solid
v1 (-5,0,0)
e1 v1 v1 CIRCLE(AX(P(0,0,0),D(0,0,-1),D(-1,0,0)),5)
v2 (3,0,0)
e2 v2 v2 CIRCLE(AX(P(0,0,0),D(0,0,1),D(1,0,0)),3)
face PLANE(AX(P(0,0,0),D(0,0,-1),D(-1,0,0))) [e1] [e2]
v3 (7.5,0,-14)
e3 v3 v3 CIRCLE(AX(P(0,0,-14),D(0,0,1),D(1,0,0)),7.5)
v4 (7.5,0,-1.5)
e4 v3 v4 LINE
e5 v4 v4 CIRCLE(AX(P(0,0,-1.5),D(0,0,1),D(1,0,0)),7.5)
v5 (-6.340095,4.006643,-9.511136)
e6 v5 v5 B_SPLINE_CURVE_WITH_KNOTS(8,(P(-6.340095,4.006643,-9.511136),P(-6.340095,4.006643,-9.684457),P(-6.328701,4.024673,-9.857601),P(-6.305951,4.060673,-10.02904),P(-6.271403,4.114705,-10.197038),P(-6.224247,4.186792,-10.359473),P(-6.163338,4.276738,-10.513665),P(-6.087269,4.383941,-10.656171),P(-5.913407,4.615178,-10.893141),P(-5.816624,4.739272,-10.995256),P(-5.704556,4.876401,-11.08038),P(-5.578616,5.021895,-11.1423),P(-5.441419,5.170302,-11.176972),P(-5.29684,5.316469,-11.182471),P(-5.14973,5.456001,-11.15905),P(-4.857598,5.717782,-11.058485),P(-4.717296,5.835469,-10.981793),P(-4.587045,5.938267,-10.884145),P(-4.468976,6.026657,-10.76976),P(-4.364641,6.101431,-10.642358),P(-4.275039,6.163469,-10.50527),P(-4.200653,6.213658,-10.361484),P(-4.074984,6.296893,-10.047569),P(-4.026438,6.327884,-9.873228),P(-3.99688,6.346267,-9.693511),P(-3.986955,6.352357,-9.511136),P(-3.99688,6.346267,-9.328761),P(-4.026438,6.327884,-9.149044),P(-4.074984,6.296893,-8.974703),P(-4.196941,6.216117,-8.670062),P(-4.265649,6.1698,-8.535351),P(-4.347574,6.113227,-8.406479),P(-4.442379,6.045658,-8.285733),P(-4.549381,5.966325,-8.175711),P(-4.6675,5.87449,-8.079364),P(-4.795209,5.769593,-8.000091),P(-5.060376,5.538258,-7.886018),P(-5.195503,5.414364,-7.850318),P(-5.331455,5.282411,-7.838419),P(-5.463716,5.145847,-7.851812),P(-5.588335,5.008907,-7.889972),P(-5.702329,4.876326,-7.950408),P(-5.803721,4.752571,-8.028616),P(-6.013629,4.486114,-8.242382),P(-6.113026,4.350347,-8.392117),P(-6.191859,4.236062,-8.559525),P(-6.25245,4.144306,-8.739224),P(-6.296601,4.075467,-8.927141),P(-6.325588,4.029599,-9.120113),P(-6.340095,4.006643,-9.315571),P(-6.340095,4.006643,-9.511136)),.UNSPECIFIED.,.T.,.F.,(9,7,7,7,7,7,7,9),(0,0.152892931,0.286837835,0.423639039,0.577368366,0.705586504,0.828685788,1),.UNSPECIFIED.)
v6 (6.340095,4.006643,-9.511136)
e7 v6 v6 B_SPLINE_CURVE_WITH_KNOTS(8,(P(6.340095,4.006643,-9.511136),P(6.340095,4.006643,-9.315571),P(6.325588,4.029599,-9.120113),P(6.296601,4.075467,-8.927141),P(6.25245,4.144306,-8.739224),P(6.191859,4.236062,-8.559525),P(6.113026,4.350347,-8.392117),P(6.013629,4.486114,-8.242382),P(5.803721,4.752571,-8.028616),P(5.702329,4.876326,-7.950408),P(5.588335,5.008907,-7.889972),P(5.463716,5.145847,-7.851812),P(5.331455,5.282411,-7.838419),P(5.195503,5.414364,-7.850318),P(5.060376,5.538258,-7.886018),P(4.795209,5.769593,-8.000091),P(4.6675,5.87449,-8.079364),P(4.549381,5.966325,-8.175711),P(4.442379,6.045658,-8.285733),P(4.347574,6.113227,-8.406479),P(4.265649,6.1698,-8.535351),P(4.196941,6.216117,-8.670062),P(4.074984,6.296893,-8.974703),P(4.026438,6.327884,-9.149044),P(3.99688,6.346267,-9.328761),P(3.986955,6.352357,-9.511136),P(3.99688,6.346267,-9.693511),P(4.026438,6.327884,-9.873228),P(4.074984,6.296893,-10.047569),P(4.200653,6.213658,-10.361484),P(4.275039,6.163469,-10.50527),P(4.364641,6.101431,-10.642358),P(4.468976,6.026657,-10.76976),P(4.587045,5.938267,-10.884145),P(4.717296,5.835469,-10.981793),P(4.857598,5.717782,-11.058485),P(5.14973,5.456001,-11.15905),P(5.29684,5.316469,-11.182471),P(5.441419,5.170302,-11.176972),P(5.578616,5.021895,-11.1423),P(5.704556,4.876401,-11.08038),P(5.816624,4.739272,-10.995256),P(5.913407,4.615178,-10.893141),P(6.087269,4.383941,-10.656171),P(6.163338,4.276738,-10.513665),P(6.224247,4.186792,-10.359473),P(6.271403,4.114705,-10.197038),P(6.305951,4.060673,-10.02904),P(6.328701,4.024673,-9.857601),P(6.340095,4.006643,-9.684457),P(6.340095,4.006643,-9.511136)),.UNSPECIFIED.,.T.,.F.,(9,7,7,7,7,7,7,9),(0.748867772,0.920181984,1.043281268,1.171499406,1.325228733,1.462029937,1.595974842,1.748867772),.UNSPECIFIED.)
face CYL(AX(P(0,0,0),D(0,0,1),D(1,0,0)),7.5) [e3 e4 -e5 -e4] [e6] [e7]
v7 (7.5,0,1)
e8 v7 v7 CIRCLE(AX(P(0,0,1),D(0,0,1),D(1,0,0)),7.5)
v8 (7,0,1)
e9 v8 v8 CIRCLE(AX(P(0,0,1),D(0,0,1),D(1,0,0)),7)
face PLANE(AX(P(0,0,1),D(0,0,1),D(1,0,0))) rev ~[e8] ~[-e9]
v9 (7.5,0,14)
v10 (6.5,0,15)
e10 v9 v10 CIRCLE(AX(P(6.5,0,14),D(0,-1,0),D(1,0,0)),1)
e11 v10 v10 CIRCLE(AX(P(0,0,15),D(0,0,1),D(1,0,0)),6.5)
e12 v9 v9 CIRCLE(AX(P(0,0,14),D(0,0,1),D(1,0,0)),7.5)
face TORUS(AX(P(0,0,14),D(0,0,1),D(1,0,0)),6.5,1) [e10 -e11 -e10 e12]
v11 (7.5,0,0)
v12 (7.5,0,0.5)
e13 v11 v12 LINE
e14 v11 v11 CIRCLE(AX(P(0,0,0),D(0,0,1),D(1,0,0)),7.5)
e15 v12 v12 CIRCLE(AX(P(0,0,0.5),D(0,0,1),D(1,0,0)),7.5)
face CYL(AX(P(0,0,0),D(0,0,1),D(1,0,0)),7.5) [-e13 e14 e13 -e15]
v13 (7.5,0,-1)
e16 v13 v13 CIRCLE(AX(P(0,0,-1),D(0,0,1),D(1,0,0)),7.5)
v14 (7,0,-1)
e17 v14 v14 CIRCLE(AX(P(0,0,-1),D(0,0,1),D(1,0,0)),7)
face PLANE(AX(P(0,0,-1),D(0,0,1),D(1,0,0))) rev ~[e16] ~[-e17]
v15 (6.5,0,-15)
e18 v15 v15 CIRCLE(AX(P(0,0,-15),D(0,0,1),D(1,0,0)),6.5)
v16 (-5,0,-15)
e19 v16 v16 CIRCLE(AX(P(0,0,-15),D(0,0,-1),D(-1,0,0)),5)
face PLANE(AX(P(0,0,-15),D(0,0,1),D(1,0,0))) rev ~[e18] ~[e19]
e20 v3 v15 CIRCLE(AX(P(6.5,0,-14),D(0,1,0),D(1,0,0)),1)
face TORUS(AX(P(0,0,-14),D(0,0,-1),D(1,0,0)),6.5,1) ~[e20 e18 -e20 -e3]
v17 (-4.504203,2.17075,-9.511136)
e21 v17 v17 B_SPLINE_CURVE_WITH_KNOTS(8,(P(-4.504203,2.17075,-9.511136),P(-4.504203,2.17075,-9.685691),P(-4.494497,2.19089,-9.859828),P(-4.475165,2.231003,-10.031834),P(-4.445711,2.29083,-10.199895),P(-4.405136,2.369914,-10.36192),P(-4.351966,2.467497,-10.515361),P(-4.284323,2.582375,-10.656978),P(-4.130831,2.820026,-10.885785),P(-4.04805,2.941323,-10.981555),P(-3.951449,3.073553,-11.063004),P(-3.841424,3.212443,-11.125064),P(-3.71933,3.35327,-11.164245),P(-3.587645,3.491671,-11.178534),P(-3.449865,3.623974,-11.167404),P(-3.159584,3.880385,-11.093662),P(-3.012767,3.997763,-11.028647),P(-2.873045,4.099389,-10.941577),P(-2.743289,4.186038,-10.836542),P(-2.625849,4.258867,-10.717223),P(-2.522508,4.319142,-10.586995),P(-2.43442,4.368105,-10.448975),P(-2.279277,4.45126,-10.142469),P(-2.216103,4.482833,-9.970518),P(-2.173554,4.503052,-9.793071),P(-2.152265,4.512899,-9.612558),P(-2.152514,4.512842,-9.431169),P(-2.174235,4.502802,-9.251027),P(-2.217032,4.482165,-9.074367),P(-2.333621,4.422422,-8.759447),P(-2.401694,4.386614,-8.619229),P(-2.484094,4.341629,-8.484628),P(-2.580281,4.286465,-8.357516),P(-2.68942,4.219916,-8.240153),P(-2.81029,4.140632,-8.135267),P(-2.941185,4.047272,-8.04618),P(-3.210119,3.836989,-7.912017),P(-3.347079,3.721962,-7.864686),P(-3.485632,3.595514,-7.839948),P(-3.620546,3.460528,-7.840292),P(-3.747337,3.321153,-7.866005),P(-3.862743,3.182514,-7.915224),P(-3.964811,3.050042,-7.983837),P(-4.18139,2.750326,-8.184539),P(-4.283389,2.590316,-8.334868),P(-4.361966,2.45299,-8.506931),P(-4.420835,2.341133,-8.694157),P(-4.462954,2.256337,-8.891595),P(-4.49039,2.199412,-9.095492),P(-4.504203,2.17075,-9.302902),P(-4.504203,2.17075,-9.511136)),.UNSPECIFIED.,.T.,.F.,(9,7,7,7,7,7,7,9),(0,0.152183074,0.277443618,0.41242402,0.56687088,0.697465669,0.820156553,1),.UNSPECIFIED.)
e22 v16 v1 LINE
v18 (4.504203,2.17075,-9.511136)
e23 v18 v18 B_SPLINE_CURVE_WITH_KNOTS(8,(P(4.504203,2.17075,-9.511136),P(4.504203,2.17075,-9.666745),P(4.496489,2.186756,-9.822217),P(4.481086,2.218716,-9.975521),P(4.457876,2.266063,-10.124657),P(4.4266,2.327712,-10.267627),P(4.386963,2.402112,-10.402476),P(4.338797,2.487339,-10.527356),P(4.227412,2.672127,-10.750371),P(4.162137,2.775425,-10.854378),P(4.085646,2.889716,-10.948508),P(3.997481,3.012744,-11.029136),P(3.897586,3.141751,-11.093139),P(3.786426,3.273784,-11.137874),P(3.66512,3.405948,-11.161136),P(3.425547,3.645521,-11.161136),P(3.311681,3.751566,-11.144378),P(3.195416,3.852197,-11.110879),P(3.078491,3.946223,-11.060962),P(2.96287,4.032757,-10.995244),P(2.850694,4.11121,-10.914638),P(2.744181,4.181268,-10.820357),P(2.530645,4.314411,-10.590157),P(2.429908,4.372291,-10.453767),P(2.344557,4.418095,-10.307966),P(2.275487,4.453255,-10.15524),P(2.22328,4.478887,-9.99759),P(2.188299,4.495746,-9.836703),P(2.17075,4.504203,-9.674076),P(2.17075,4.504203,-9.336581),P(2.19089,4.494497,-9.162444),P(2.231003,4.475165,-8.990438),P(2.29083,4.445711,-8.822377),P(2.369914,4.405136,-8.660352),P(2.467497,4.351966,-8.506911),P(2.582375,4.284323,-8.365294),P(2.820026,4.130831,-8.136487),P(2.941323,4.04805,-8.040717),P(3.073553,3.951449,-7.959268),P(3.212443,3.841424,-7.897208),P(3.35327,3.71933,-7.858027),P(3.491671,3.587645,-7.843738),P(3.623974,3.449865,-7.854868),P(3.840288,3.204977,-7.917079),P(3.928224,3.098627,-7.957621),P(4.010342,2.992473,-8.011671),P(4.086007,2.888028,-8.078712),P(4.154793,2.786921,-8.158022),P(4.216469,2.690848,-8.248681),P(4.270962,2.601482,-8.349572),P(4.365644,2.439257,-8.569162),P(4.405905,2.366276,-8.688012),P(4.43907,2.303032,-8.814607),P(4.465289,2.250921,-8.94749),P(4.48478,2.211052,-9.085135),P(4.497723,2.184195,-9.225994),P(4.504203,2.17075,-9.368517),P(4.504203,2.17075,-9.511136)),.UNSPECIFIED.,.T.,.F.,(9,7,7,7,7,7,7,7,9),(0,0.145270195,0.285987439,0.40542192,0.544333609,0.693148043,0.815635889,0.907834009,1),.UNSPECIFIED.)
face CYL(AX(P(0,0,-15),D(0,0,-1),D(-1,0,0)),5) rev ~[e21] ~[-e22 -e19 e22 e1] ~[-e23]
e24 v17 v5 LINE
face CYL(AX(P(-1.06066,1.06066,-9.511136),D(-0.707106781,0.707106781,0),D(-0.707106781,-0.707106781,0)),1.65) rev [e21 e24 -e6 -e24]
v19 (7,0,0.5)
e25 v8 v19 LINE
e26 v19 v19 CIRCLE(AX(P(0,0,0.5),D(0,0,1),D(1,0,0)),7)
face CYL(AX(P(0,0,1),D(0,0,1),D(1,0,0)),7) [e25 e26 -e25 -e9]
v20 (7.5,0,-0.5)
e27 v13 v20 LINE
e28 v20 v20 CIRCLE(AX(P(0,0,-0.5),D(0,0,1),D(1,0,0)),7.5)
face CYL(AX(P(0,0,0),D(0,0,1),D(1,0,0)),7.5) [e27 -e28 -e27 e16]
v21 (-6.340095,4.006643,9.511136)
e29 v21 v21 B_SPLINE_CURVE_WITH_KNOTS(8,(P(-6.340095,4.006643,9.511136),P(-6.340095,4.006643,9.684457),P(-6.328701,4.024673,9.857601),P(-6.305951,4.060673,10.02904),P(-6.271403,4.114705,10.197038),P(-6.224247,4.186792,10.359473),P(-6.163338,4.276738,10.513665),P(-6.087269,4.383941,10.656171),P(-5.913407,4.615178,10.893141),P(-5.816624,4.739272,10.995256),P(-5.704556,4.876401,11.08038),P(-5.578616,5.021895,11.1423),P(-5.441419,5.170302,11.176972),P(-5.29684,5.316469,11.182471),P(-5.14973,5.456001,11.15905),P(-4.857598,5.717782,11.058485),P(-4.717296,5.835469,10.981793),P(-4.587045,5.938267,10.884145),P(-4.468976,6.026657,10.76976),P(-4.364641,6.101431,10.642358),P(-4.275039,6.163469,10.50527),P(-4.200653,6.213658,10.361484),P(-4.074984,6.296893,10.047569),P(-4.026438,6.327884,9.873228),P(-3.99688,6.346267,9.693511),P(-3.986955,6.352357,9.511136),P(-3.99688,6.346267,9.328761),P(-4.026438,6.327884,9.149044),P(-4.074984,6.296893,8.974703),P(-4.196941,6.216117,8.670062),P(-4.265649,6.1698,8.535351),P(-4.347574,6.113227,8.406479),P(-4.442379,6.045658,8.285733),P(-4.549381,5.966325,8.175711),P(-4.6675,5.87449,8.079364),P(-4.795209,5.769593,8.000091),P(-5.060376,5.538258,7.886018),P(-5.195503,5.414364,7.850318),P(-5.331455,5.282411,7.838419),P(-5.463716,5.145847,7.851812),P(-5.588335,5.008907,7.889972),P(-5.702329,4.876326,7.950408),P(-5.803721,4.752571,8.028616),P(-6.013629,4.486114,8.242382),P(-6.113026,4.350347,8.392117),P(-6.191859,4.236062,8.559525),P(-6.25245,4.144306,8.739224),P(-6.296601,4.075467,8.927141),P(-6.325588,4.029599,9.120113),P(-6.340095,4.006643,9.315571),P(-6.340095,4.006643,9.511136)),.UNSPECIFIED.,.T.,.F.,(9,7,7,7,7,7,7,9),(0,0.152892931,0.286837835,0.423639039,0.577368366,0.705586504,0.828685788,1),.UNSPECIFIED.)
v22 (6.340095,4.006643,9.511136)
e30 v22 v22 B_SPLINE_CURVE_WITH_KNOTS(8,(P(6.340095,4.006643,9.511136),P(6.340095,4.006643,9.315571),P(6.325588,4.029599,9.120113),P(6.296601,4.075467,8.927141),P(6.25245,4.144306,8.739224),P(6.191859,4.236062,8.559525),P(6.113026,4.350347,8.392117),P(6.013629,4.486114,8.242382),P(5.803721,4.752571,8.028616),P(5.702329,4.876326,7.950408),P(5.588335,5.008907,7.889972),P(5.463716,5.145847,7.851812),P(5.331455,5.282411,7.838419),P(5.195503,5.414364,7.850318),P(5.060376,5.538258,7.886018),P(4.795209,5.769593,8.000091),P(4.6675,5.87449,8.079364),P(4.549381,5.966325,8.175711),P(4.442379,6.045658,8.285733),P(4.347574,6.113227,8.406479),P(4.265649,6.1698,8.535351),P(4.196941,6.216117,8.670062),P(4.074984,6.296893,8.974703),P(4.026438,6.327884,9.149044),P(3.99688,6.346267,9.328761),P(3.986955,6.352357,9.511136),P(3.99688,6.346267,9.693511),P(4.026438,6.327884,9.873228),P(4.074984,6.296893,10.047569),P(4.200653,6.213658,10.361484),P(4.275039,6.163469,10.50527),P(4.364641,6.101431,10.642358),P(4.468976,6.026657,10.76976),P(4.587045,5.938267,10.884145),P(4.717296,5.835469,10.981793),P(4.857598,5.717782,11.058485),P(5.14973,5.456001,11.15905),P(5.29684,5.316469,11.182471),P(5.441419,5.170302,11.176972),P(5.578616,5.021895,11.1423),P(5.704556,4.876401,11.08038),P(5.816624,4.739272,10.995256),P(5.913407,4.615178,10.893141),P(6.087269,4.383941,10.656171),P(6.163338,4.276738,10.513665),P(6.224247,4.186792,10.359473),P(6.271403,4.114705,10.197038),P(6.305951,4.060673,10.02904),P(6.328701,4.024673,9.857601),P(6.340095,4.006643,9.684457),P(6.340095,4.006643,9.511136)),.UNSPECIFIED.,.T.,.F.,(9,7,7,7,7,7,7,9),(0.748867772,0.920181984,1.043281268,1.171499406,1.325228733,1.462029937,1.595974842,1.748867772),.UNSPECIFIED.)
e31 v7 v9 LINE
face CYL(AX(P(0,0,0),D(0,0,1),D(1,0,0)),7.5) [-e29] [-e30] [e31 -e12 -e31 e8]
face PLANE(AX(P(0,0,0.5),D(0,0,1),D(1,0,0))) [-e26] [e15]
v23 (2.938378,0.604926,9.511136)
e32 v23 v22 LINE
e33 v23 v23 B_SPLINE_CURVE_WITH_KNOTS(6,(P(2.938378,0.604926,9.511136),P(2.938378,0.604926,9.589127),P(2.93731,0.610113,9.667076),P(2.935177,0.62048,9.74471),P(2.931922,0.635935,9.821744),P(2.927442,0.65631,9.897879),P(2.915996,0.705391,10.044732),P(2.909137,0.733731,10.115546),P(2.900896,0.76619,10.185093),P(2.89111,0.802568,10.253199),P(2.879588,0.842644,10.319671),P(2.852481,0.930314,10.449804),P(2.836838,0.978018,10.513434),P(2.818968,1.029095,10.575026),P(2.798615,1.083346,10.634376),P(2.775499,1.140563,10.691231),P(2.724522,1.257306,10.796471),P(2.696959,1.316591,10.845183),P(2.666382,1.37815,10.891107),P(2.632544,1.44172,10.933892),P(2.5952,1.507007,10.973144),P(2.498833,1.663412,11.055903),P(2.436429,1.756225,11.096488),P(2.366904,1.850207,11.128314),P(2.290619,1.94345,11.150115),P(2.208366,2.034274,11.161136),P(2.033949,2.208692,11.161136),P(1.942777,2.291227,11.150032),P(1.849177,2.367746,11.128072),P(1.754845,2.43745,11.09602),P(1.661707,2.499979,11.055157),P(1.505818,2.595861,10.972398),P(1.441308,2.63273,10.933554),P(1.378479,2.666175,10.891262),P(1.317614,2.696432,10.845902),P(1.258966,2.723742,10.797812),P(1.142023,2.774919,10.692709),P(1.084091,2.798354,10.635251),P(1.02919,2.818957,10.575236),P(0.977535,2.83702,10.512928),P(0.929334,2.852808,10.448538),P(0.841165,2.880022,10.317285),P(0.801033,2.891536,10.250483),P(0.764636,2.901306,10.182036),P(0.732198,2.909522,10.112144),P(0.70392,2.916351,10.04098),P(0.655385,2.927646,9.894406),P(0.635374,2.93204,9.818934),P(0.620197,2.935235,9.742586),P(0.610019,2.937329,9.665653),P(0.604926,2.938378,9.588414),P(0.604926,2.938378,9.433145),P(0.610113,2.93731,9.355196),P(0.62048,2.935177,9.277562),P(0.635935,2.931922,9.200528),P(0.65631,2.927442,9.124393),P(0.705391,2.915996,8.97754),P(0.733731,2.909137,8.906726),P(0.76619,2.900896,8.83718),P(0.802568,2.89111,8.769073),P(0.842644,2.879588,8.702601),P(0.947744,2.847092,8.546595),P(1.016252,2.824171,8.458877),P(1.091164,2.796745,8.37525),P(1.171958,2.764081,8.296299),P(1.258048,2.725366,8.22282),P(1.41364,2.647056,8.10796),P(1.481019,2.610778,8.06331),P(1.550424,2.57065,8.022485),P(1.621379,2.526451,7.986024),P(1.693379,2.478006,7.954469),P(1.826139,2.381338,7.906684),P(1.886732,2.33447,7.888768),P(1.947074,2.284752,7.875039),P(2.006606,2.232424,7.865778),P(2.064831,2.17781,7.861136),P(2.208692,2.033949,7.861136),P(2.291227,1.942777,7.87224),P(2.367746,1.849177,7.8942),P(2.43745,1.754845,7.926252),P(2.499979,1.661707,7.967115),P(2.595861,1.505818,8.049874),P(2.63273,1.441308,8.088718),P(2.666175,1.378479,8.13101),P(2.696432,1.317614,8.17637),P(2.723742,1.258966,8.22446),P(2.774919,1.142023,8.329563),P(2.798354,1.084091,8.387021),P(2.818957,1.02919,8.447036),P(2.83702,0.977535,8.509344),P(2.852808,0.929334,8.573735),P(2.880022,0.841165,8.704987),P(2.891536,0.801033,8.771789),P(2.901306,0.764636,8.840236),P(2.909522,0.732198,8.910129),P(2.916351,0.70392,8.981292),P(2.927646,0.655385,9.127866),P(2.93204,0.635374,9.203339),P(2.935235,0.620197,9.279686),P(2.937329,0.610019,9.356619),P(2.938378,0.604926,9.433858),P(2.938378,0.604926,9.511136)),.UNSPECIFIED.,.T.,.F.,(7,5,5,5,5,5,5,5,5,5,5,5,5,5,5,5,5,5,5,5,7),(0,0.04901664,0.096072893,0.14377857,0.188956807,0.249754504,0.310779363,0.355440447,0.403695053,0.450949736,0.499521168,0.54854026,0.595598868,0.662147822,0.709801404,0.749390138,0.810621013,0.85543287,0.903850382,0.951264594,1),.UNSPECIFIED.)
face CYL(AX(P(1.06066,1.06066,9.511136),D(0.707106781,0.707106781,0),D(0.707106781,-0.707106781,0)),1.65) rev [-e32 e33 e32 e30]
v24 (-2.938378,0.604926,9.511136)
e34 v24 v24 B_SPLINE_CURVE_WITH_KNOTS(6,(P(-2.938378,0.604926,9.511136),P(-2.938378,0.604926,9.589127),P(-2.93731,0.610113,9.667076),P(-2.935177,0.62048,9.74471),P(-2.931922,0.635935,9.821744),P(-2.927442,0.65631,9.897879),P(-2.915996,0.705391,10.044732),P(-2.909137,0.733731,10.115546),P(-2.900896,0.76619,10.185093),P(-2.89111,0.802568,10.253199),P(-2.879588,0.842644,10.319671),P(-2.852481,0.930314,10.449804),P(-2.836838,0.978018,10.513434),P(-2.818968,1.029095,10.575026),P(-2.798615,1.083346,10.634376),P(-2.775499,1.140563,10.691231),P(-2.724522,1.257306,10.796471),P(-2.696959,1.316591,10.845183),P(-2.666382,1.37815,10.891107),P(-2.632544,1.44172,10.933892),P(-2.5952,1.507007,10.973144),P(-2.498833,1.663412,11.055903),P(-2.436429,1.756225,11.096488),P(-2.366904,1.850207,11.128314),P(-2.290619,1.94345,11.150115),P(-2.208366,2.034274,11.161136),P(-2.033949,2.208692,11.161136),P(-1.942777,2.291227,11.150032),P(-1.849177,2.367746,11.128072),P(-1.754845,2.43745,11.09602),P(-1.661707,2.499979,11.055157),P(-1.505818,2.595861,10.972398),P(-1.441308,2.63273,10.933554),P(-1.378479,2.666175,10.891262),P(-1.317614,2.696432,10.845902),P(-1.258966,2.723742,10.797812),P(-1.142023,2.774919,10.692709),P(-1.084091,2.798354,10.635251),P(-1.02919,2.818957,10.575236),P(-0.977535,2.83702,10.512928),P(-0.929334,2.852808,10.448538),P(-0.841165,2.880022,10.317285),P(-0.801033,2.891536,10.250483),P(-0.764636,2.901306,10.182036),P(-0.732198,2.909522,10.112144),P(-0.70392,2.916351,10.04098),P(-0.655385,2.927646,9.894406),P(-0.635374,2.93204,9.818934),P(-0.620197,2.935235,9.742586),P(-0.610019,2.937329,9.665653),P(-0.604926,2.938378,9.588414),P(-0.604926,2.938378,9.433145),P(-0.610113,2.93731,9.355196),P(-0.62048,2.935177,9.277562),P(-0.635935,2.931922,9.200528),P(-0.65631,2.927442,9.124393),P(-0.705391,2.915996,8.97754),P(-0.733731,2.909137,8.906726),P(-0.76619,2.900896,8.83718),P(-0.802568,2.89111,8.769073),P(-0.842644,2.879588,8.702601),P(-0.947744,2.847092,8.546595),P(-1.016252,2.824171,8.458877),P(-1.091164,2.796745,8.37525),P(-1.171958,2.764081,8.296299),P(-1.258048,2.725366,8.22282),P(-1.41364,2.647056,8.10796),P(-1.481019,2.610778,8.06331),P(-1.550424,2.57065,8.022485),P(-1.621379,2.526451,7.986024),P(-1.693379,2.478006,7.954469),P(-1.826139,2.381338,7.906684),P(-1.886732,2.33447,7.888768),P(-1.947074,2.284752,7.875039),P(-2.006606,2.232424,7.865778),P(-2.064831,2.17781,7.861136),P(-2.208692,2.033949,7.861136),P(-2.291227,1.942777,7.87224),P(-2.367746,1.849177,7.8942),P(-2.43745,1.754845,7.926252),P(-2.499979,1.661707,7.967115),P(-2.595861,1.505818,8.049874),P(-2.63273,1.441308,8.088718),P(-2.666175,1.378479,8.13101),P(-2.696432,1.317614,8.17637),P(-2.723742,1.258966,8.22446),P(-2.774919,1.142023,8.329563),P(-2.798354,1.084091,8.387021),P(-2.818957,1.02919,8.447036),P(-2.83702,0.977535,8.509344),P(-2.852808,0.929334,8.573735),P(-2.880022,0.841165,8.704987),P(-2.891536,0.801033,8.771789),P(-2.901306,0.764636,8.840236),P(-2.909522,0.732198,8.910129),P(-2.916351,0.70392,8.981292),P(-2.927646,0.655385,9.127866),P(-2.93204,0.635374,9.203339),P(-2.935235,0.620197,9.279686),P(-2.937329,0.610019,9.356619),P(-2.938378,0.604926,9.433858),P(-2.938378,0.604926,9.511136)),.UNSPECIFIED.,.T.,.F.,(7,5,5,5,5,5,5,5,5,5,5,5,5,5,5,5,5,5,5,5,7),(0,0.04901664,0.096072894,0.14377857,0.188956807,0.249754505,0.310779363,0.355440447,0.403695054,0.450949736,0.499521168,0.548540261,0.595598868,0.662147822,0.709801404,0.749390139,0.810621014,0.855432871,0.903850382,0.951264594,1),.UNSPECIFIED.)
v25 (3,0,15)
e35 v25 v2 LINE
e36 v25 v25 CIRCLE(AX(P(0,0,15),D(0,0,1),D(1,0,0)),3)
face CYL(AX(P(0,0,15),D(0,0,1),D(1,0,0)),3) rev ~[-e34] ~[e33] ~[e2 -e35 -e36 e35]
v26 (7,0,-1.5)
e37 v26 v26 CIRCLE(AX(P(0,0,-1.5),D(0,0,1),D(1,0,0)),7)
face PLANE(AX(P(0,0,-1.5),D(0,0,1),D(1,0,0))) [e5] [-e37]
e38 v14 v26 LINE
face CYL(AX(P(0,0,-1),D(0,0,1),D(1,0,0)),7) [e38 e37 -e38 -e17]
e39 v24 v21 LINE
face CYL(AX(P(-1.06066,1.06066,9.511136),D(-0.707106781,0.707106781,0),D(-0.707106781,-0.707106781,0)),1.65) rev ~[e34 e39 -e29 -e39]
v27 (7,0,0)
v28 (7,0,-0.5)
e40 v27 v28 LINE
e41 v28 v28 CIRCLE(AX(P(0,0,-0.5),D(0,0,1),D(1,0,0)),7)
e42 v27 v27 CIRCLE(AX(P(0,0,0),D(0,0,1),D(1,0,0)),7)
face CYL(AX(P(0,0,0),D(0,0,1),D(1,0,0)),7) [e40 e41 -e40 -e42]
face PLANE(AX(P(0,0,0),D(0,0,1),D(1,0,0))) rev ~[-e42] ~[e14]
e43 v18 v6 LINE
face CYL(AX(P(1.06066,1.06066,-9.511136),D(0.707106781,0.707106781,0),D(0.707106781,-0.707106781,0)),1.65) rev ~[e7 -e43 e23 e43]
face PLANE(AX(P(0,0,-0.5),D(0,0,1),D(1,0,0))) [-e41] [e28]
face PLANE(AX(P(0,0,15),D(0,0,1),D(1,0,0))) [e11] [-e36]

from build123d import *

# Parameters (mm, degrees)
SKETCH2_R           = 7.5
BOSS_EXTRUDE1_DEPTH = 15
SKETCH3_R           = 3
CUT_EXTRUDE1_DEPTH  = 15
SKETCH4_R           = 5
CUT_EXTRUDE2_DEPTH  = 15
SKETCH5_R           = 7.5
SKETCH5_R_2         = 7
CUT_EXTRUDE3_DEPTH  = 0.5
LPATTERN1_COUNT     = 2
LPATTERN1_PITCH     = 1
LPATTERN2_COUNT     = 2
LPATTERN2_PITCH     = 1
FILLET1_R           = 1


with BuildPart() as part:
    # Sketch2 → Boss-Extrude1 (new, symmetric)
    with BuildSketch(Plane.XY):
        Circle(SKETCH2_R)
    extrude(amount=BOSS_EXTRUDE1_DEPTH, both=True)

    # Sketch3 → Cut-Extrude1 (cut)
    with BuildSketch(Plane.XY.offset(15)):
        Circle(SKETCH3_R)
    extrude(amount=-CUT_EXTRUDE1_DEPTH, mode=Mode.SUBTRACT)

    # Sketch4 → Cut-Extrude2 (cut)
    with BuildSketch(Plane(origin=(0, 0, -15), x_dir=(-1, 0, 0), z_dir=(0, 0, -1))):
        Circle(SKETCH4_R)
    extrude(amount=-CUT_EXTRUDE2_DEPTH, mode=Mode.SUBTRACT)

    # Sketch5 → Cut-Extrude3 (cut)
    with BuildSketch(Plane.XY):
        Circle(SKETCH5_R)
        Circle(SKETCH5_R_2, mode=Mode.SUBTRACT)
    cut_extrude3 = extrude(amount=-CUT_EXTRUDE3_DEPTH, mode=Mode.SUBTRACT)

    # LPattern1: Cut-Extrude3 ×2
    with Locations(*[(0, 0, -i * LPATTERN1_PITCH) for i in range(1, LPATTERN1_COUNT)]):
        add(cut_extrude3, mode=Mode.SUBTRACT)

    # LPattern2: Cut-Extrude3 ×2
    with Locations(*[(0, 0, i * LPATTERN2_PITCH) for i in range(1, LPATTERN2_COUNT)]):
        add(cut_extrude3, mode=Mode.SUBTRACT)

    # Sketch9 → M4 Tapped Hole1 (revolve, cut)
    with BuildSketch(Plane(origin=(-5.303300859, 5.303300859, -9.511136026), x_dir=(-0.7071067811865488, -0.7071067811865464, 0), z_dir=(0, 0, 1))):
        Polygon((0, 0), (0, 6.991420021), (1.65, 6), (1.65, 0), align=None)
    m4_tapped_hole1 = revolve(axis=Axis((-9.793428919, 9.793428919, -9.511136026), (0.7071067811865465, -0.7071067811865487, 0)), mode=Mode.SUBTRACT)

    # Mirror1: M4 Tapped Hole1 across plane
    add(m4_tapped_hole1.mirror(Plane(origin=(0, 0, 0), x_dir=(0, 0, 1), z_dir=(1, 0, 0))), mode=Mode.SUBTRACT)

    # Mirror2: M4 Tapped Hole1 across plane
    add(m4_tapped_hole1.mirror(Plane.XY), mode=Mode.SUBTRACT)

    # Mirror2 copy 1 sketch → Mirror2 copy 1 (revolve, cut)
    with BuildSketch(Plane(origin=(5.303300859, 5.303300859, 9.511136026), x_dir=(0.7071067811865488, -0.7071067811865464, 0), z_dir=(0, 0, -1))):
        Polygon((0, 0), (0, 6.991420021), (1.65, 6), (1.65, 0), align=None)
    revolve(axis=Axis((9.793428919, 9.793428919, 9.511136026), (-0.7071067811865465, -0.7071067811865487, 0)), mode=Mode.SUBTRACT)

    # Fillet1
    fillet1_edges = [part.edges().sort_by_distance(p)[0] for p in [
        (-7.5, 0, -15),
        (-7.5, 0, 15),
    ]]
    fillet(fillet1_edges, radius=FILLET1_R)


solid = part.part
